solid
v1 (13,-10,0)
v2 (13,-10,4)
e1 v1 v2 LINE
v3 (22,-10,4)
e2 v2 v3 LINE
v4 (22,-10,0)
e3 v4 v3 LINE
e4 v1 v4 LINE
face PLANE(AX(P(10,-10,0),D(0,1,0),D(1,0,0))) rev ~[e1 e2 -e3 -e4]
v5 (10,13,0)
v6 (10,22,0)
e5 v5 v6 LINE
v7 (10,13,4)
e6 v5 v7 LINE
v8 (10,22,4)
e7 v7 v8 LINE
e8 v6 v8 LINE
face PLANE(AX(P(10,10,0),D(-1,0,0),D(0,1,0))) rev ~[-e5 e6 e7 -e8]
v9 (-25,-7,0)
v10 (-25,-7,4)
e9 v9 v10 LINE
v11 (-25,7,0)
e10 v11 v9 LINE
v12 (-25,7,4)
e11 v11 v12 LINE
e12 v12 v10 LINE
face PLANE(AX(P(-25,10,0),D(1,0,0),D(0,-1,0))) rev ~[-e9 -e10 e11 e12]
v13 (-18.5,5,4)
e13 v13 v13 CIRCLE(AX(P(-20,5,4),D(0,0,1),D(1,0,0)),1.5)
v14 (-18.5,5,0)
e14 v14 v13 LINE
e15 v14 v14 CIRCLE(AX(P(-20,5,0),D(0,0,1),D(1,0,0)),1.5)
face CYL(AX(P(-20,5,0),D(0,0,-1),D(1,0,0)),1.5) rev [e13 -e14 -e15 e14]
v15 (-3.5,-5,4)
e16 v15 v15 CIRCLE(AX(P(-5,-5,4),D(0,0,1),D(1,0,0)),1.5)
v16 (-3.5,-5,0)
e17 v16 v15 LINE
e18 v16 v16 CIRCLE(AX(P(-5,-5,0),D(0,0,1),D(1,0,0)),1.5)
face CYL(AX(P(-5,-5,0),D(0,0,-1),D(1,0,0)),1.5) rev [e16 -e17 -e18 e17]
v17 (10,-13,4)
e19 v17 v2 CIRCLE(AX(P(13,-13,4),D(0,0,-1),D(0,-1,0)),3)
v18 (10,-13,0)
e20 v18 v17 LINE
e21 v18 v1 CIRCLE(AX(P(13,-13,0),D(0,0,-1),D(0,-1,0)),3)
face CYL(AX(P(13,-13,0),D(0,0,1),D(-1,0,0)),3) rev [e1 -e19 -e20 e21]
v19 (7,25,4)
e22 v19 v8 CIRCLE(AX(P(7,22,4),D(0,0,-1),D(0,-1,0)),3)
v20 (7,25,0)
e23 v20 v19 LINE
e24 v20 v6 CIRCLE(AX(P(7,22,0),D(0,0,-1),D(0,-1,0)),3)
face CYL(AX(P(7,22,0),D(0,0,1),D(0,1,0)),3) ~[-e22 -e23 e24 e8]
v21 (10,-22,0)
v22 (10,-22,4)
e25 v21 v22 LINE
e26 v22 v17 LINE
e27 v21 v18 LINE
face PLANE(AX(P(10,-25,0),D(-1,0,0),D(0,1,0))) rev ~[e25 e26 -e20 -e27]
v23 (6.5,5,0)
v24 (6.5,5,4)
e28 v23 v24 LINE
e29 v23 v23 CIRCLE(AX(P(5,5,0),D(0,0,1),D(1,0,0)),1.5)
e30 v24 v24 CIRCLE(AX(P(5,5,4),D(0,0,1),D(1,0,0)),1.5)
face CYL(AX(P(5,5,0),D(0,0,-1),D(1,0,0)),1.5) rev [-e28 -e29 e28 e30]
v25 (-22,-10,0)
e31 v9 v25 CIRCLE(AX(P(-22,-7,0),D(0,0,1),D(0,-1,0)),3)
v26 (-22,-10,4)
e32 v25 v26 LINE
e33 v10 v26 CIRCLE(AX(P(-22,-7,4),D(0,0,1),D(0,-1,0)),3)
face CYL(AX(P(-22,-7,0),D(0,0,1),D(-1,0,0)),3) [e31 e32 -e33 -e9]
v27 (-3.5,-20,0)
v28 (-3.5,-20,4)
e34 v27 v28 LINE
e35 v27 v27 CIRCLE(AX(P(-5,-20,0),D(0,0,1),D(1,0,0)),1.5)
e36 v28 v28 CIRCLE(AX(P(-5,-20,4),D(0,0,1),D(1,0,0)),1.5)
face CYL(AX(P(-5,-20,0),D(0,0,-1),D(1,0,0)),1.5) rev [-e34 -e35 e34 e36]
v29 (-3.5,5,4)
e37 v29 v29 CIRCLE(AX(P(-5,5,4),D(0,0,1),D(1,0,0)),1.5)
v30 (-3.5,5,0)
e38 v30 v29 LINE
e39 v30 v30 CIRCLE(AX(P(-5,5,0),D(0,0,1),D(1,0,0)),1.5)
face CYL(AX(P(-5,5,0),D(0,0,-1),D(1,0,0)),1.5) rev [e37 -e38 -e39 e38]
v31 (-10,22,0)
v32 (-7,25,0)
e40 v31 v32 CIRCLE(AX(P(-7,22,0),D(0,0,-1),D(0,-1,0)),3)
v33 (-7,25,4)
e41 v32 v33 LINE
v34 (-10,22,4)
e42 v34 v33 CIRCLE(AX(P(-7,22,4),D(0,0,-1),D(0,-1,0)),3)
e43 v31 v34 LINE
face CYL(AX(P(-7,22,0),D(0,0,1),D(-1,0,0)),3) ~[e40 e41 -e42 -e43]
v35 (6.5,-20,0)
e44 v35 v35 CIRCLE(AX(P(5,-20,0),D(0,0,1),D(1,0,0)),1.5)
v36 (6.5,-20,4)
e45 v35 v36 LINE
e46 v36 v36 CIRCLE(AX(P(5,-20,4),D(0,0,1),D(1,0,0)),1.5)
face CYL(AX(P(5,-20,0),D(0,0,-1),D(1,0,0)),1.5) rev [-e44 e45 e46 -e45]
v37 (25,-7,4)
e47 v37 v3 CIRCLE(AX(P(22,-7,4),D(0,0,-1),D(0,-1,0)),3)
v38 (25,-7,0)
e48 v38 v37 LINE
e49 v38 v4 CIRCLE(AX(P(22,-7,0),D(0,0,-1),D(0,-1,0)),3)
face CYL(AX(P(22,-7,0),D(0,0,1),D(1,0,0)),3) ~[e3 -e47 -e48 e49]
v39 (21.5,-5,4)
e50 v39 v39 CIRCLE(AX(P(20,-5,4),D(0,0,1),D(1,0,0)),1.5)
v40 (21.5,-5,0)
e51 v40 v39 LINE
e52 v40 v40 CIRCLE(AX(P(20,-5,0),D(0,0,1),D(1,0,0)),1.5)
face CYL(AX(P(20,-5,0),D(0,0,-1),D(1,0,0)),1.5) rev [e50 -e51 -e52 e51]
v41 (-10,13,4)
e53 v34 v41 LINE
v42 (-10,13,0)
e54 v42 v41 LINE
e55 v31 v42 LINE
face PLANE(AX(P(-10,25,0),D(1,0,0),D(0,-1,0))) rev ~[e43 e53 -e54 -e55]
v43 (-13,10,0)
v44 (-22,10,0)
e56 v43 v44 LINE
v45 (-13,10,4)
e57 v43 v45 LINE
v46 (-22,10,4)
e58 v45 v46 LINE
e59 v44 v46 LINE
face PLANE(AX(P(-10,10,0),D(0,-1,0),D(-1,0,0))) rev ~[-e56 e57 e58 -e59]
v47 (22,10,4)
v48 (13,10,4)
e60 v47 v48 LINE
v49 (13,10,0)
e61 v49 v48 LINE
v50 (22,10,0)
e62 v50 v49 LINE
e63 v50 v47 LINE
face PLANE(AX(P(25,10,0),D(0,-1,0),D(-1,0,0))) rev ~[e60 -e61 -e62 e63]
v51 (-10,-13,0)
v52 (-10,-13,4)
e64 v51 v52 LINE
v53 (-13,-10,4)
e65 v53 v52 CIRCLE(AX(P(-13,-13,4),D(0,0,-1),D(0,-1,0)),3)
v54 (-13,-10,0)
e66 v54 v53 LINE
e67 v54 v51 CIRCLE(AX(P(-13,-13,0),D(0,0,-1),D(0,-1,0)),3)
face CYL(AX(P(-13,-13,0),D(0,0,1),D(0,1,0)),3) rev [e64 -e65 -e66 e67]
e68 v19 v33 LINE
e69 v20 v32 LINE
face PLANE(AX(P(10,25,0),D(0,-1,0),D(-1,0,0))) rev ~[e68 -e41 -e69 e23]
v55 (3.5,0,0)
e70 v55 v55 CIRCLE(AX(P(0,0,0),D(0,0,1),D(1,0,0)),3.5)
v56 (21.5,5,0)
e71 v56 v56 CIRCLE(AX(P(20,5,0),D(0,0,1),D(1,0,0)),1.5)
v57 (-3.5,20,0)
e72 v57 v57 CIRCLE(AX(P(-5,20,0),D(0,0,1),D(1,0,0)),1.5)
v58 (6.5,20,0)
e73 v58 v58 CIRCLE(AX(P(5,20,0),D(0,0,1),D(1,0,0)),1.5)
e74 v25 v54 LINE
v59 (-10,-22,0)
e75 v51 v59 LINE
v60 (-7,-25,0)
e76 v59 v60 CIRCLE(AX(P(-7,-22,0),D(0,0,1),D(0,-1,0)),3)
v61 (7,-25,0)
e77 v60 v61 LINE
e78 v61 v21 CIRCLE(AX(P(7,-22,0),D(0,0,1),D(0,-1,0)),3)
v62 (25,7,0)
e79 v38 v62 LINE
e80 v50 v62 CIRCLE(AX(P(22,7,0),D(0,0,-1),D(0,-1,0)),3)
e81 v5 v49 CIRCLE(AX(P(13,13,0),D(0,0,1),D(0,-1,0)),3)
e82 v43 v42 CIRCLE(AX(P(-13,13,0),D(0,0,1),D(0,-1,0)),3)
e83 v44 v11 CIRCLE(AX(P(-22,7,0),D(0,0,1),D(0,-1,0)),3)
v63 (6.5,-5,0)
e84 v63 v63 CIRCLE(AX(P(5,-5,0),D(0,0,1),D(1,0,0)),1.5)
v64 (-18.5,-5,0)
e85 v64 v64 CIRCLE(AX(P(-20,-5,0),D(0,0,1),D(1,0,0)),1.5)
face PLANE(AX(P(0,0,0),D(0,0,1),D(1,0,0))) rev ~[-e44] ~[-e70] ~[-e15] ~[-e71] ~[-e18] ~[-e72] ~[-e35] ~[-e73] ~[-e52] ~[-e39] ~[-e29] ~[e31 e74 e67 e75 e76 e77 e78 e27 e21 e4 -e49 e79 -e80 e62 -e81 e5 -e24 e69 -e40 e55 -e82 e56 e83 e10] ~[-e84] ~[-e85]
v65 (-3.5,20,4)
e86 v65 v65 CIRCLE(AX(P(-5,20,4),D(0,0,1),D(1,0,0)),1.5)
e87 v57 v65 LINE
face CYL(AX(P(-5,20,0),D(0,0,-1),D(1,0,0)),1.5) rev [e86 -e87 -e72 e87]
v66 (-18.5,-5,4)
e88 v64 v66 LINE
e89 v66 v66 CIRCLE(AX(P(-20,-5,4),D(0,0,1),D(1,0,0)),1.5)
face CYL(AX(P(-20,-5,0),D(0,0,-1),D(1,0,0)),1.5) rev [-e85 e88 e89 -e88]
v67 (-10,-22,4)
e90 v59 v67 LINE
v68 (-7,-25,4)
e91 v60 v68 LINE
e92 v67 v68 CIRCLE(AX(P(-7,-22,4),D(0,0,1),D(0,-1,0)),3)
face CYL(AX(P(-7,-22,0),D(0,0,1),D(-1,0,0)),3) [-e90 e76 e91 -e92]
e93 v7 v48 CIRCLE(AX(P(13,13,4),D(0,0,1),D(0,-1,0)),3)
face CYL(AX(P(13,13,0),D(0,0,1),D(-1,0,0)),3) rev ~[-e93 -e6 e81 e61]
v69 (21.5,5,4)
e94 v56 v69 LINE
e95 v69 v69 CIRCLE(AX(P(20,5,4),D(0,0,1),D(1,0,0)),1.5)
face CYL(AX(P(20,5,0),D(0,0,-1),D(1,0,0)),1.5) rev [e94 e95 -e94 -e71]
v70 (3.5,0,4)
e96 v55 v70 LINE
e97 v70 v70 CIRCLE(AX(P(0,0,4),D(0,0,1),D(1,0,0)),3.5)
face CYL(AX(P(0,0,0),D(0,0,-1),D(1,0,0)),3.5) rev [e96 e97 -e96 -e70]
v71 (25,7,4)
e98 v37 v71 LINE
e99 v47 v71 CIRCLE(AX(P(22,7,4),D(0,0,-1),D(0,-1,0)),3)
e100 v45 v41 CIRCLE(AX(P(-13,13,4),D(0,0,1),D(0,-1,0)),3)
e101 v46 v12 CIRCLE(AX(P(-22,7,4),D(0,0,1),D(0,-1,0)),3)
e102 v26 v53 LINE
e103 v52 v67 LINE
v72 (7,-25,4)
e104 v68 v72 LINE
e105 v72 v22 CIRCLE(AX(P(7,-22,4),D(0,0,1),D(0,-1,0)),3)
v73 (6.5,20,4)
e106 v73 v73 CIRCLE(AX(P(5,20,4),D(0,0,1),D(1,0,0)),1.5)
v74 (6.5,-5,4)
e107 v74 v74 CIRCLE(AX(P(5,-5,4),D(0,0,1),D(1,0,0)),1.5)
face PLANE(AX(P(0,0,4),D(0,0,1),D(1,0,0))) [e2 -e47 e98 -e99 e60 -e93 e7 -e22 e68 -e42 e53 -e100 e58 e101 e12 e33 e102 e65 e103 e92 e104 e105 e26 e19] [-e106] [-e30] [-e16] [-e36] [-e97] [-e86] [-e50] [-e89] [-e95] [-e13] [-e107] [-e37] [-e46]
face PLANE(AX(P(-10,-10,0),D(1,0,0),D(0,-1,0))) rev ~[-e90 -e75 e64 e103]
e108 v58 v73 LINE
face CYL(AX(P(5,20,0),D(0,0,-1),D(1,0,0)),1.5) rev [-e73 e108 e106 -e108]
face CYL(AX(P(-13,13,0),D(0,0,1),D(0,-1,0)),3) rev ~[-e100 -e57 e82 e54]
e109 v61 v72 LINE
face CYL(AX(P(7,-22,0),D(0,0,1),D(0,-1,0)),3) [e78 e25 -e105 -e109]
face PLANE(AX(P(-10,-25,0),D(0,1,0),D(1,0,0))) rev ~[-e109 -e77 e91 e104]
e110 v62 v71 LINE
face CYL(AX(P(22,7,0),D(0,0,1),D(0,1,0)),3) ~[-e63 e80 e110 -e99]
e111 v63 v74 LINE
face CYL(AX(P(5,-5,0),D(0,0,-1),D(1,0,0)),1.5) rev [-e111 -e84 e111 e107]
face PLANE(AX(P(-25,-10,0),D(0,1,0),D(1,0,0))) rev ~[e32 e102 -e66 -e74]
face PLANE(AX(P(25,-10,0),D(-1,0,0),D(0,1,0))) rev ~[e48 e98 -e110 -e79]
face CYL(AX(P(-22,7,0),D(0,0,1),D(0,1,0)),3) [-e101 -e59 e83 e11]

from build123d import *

# Parameters (mm, degrees)
SKETCH_1_R      = 1.5
SKETCH_1_R_2    = 3.5
EXTRUDE_1_DEPTH = 4
FILLET_1_R      = 3


with BuildPart() as part:
    # 草图1 → 凸台-拉伸1 (new body)
    with BuildSketch(Plane.XY):
        Polygon((-10, 10), (-25, 10), (-25, -10), (-10, -10), (-10, -25), (10, -25), (10, -10), (25, -10), (25, 10), (10, 10), (10, 25), (-10, 25), align=None)
        with Locations((-20, -5)):
            Circle(SKETCH_1_R, mode=Mode.SUBTRACT)
        with Locations((-20, 5)):
            Circle(SKETCH_1_R, mode=Mode.SUBTRACT)
        with Locations((5, 5)):
            Circle(SKETCH_1_R, mode=Mode.SUBTRACT)
        with Locations((-5, -5)):
            Circle(SKETCH_1_R, mode=Mode.SUBTRACT)
        with Locations((5, -5)):
            Circle(SKETCH_1_R, mode=Mode.SUBTRACT)
        Circle(SKETCH_1_R_2, mode=Mode.SUBTRACT)
        with Locations((-5, 5)):
            Circle(SKETCH_1_R, mode=Mode.SUBTRACT)
        with Locations((5, 20)):
            Circle(SKETCH_1_R, mode=Mode.SUBTRACT)
        with Locations((-5, 20)):
            Circle(SKETCH_1_R, mode=Mode.SUBTRACT)
        with Locations((20, 5)):
            Circle(SKETCH_1_R, mode=Mode.SUBTRACT)
        with Locations((20, -5)):
            Circle(SKETCH_1_R, mode=Mode.SUBTRACT)
        with Locations((5, -20)):
            Circle(SKETCH_1_R, mode=Mode.SUBTRACT)
        with Locations((-5, -20)):
            Circle(SKETCH_1_R, mode=Mode.SUBTRACT)
    extrude(amount=EXTRUDE_1_DEPTH)

    # 圆角1
    fillet_1_edges = [part.edges().sort_by_distance(p)[0] for p in [
        (25, 10, 2),
        (25, -10, 2),
        (10, -10, 2),
        (10, -25, 2),
        (-10, -25, 2),
        (-10, -10, 2),
        (-25, -10, 2),
        (-25, 10, 2),
        (-10, 10, 2),
        (-10, 25, 2),
        (10, 25, 2),
        (10, 10, 2),
    ]]
    fillet(fillet_1_edges, radius=FILLET_1_R)


solid = part.part
